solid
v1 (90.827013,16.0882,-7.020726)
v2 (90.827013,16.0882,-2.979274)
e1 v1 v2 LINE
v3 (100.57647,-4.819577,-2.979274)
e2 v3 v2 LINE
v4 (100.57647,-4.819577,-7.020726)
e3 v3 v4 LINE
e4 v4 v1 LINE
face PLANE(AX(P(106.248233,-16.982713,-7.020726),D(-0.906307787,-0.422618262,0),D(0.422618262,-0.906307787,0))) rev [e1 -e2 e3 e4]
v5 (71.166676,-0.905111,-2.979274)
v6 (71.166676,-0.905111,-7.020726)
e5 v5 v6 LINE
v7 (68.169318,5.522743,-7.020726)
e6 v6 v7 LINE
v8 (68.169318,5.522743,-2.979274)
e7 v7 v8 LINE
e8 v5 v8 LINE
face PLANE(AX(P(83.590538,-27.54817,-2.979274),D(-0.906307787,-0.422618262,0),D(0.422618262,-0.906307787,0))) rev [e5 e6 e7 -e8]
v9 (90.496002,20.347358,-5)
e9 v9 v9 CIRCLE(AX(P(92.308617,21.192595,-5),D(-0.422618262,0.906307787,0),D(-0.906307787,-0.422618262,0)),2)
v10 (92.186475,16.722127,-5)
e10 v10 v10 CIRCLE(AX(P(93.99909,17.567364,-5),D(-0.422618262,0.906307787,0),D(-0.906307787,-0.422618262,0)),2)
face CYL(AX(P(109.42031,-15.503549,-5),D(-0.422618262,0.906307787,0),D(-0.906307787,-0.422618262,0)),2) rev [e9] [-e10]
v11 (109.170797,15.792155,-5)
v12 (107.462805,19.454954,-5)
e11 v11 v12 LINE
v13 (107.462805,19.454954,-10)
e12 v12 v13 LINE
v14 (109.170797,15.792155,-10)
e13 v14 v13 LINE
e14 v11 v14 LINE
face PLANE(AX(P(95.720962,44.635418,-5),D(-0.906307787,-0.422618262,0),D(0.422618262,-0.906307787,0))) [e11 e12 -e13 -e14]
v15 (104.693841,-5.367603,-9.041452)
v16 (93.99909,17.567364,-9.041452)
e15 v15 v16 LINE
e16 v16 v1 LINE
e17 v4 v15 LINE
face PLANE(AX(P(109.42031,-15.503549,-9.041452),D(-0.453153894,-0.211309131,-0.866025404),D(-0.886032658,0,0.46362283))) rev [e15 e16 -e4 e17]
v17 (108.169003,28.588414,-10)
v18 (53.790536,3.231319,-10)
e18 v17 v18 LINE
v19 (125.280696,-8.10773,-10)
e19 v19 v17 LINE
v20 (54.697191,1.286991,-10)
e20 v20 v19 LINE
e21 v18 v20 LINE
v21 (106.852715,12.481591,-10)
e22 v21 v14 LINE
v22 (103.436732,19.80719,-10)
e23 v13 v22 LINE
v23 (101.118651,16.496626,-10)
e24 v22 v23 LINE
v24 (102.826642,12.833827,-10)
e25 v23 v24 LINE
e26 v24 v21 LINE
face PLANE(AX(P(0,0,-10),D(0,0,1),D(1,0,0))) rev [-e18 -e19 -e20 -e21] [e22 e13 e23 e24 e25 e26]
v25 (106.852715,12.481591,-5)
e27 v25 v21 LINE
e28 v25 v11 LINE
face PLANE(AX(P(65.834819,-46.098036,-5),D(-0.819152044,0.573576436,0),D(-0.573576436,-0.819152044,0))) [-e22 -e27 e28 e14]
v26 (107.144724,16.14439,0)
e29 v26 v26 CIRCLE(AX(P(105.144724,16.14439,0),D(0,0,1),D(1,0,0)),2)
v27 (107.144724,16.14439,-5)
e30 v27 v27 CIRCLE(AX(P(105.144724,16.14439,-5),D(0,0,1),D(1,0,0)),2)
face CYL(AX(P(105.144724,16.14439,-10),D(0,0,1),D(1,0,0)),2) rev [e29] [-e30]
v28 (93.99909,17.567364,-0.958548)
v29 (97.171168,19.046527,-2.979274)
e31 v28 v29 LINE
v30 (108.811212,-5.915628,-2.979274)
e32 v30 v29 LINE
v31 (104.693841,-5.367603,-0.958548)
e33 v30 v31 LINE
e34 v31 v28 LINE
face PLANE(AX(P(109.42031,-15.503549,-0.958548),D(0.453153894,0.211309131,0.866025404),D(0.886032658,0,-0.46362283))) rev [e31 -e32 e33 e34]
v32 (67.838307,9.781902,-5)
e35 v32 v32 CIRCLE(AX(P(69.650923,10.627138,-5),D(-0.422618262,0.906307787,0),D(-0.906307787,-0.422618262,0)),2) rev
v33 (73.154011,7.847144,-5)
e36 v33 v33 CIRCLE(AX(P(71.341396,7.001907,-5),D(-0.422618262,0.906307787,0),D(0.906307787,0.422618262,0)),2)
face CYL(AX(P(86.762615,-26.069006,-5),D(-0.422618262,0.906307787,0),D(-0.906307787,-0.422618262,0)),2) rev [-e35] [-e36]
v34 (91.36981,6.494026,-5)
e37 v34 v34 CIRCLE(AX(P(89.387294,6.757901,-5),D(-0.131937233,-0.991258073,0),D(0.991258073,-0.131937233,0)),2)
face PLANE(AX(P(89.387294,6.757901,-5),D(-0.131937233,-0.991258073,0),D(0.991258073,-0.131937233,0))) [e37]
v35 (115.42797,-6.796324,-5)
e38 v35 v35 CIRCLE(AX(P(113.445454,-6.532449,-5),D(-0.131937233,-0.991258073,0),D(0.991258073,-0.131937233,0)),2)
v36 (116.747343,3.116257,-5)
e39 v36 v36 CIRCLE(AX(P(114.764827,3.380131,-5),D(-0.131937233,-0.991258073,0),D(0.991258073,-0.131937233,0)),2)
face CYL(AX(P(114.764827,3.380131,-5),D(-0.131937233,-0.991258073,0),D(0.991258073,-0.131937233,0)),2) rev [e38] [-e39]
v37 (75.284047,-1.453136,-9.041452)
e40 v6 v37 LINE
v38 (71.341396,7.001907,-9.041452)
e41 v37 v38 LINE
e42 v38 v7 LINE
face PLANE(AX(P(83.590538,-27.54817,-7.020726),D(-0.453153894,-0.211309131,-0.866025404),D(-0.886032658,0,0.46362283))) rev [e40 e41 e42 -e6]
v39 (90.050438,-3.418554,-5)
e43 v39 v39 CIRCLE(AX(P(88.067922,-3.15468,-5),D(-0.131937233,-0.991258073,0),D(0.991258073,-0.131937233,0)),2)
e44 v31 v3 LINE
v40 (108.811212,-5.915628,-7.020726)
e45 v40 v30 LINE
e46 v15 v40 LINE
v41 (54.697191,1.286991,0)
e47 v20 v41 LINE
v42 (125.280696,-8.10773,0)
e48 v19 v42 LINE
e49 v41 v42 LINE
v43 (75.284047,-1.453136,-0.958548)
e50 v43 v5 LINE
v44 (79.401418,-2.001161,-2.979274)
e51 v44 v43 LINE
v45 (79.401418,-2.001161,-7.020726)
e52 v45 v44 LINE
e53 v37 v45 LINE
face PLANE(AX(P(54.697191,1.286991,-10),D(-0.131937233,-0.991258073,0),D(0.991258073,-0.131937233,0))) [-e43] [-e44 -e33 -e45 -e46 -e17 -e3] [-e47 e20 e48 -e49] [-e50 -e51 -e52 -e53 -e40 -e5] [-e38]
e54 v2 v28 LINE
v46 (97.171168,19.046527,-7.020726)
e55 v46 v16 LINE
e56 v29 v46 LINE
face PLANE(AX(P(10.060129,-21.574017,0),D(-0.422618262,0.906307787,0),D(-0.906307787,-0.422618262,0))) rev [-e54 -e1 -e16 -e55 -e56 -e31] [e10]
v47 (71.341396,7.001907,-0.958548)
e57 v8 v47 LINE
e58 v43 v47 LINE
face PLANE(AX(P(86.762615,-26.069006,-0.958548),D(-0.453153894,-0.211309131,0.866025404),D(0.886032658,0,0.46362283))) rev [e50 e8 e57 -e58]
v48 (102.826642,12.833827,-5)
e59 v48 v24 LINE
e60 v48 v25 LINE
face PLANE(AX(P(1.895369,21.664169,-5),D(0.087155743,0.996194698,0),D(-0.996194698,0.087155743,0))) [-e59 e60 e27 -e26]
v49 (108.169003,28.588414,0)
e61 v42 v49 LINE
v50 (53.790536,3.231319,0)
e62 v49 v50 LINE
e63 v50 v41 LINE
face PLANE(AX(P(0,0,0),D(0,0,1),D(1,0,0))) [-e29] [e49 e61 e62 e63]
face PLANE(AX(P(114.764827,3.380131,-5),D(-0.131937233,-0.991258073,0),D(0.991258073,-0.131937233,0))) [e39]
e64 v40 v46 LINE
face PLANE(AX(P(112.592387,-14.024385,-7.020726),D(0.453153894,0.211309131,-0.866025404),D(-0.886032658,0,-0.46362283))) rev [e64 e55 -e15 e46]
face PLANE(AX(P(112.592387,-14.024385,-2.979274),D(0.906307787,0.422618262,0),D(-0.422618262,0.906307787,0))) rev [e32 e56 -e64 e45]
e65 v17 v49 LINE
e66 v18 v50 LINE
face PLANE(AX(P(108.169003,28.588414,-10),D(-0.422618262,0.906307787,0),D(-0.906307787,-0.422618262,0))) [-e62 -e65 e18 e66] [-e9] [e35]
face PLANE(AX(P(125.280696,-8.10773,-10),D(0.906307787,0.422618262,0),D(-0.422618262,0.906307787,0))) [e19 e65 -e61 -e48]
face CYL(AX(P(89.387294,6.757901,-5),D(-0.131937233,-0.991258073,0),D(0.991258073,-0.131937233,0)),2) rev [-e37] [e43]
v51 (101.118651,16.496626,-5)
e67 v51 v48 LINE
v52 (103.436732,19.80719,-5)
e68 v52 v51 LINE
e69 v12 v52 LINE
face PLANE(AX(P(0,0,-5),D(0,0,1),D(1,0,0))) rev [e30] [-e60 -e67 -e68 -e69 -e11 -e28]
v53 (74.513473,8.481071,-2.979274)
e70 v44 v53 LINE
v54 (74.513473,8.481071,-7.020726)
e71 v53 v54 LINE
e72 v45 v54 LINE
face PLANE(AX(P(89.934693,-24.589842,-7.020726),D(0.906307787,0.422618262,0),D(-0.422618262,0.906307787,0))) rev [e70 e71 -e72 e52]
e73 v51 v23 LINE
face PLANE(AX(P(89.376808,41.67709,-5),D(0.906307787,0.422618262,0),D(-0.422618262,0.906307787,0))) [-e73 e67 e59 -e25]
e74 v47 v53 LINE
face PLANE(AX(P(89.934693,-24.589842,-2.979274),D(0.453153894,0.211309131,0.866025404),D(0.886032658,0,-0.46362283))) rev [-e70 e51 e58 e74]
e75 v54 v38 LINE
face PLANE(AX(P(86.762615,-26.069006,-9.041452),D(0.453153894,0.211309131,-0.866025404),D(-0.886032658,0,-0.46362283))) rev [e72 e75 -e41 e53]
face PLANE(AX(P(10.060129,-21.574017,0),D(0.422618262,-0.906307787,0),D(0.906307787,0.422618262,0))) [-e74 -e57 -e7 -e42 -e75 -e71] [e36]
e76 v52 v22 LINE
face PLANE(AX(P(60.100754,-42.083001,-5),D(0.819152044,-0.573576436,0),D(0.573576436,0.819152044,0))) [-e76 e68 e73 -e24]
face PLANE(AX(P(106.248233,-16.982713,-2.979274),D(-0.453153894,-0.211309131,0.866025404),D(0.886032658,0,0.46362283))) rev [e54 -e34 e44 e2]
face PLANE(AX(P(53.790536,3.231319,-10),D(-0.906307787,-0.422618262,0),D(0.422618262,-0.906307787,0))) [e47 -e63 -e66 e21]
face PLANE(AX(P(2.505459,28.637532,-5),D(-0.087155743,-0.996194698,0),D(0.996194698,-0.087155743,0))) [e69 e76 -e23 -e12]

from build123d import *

# Parameters (mm, degrees)
BOSS_EXTRUDE1_DEPTH = 10
SKETCH2_R           = 2
CUT_EXTRUDE1_DEPTH  = 127.229561877
CUT_EXTRUDE2_START  = -4
SKETCH2_3_R         = 2
CUT_EXTRUDE2_DEPTH  = 123.229561877
SKETCH3_R           = 2
CUT_EXTRUDE3_DEPTH  = 10
SKETCH4_R           = 2
CUT_EXTRUDE4_DEPTH  = 10
CUT_EXTRUDE5_START  = -5
SKETCH4_3_R         = 2
CUT_EXTRUDE5_DEPTH  = 5


with BuildPart() as part:
    # Sketch1 → Boss-Extrude1 (new body)
    with BuildSketch(Plane.XY):
        Polygon((125.280696375, -8.107729541), (108.169003487, 28.58841428), (53.790536264, 3.231318576), (54.697191201, 1.286990791), align=None)
    extrude(amount=-BOSS_EXTRUDE1_DEPTH)

    # Sketch2 → Cut-Extrude1 (cut, through all)
    with BuildSketch(Plane(origin=(8.369656198, -17.948785639, 0), x_dir=(0.9063077870366519, 0.4226182617406953, 0), z_dir=(-0.42261826174069533, 0.906307787036652, 0))):
        with Locations(Location((67.616396125, 5, 0), (0, 0, 180))):
            Circle(SKETCH2_R)
        with Locations(Location((92.616396125, 5, 0), (0, 0, 180))):
            Circle(SKETCH2_R)
    extrude(amount=-CUT_EXTRUDE1_DEPTH, mode=Mode.SUBTRACT)

    # Sketch2<3> → Cut-Extrude2 (cut, through all)
    # profile 1 of 2: a face of its own
    with BuildSketch(Plane(origin=(8.369656198, -17.948785639, 0), x_dir=(0.9063077870366519, 0.4226182617406953, 0), z_dir=(-0.42261826174069533, 0.906307787036652, 0)).offset(CUT_EXTRUDE2_START)):
        Polygon((92.616396125, 0.958548116), (96.116396125, 2.979274058), (96.116396125, 7.020725942), (92.616396125, 9.041451884), (89.116396125, 7.020725942), (89.116396125, 2.979274058), align=None)
        with Locations(Location((92.616396125, 5, 0), (0, 0, 180))):
            Circle(SKETCH2_3_R, mode=Mode.SUBTRACT)
    # profile 2 of 2: a face of its own
    with BuildSketch(Plane(origin=(8.369656198, -17.948785639, 0), x_dir=(0.9063077870366519, 0.4226182617406953, 0), z_dir=(-0.42261826174069533, 0.906307787036652, 0)).offset(CUT_EXTRUDE2_START)):
        Polygon((71.116396125, 2.979274058), (67.616396125, 0.958548116), (64.116396125, 2.979274058), (64.116396125, 7.020725942), (67.616396125, 9.041451884), (71.116396125, 7.020725942), align=None)
        with Locations(Location((67.616396125, 5, 0), (0, 0, 180))):
            Circle(SKETCH2_3_R, mode=Mode.SUBTRACT)
    extrude(amount=-CUT_EXTRUDE2_DEPTH, mode=Mode.SUBTRACT)

    # Sketch3 → Cut-Extrude3 (cut)
    with BuildSketch(Plane(origin=(1.120455323, 8.418096686, 0), x_dir=(0.9912580726255896, -0.1319372330110102, 0), z_dir=(-0.1319372330110102, -0.9912580726255896, 0))):
        with Locations((87.714258049, -5)):
            Circle(SKETCH3_R)
        with Locations((113.315595618, -5)):
            Circle(SKETCH3_R)
    extrude(amount=-CUT_EXTRUDE3_DEPTH, mode=Mode.SUBTRACT)

    # Sketch4 → Cut-Extrude4 (cut)
    with BuildSketch(Plane.XY):
        with Locations((105.144723808, 16.144390316)):
            Circle(SKETCH4_R)
    extrude(amount=-CUT_EXTRUDE4_DEPTH, mode=Mode.SUBTRACT)

    # Sketch4<3> → Cut-Extrude5 (cut)
    with BuildSketch(Plane.XY.offset(CUT_EXTRUDE5_START)):
        Polygon((109.170796748, 15.792154575), (107.462805377, 19.454953889), (103.436732437, 19.80718963), (101.118650868, 16.496626057), (102.826642238, 12.833826743), (106.852715178, 12.481591002), align=None)
        with Locations((105.144723808, 16.144390316)):
            Circle(SKETCH4_3_R, mode=Mode.SUBTRACT)
    extrude(amount=-CUT_EXTRUDE5_DEPTH, mode=Mode.SUBTRACT)


solid = part.part
